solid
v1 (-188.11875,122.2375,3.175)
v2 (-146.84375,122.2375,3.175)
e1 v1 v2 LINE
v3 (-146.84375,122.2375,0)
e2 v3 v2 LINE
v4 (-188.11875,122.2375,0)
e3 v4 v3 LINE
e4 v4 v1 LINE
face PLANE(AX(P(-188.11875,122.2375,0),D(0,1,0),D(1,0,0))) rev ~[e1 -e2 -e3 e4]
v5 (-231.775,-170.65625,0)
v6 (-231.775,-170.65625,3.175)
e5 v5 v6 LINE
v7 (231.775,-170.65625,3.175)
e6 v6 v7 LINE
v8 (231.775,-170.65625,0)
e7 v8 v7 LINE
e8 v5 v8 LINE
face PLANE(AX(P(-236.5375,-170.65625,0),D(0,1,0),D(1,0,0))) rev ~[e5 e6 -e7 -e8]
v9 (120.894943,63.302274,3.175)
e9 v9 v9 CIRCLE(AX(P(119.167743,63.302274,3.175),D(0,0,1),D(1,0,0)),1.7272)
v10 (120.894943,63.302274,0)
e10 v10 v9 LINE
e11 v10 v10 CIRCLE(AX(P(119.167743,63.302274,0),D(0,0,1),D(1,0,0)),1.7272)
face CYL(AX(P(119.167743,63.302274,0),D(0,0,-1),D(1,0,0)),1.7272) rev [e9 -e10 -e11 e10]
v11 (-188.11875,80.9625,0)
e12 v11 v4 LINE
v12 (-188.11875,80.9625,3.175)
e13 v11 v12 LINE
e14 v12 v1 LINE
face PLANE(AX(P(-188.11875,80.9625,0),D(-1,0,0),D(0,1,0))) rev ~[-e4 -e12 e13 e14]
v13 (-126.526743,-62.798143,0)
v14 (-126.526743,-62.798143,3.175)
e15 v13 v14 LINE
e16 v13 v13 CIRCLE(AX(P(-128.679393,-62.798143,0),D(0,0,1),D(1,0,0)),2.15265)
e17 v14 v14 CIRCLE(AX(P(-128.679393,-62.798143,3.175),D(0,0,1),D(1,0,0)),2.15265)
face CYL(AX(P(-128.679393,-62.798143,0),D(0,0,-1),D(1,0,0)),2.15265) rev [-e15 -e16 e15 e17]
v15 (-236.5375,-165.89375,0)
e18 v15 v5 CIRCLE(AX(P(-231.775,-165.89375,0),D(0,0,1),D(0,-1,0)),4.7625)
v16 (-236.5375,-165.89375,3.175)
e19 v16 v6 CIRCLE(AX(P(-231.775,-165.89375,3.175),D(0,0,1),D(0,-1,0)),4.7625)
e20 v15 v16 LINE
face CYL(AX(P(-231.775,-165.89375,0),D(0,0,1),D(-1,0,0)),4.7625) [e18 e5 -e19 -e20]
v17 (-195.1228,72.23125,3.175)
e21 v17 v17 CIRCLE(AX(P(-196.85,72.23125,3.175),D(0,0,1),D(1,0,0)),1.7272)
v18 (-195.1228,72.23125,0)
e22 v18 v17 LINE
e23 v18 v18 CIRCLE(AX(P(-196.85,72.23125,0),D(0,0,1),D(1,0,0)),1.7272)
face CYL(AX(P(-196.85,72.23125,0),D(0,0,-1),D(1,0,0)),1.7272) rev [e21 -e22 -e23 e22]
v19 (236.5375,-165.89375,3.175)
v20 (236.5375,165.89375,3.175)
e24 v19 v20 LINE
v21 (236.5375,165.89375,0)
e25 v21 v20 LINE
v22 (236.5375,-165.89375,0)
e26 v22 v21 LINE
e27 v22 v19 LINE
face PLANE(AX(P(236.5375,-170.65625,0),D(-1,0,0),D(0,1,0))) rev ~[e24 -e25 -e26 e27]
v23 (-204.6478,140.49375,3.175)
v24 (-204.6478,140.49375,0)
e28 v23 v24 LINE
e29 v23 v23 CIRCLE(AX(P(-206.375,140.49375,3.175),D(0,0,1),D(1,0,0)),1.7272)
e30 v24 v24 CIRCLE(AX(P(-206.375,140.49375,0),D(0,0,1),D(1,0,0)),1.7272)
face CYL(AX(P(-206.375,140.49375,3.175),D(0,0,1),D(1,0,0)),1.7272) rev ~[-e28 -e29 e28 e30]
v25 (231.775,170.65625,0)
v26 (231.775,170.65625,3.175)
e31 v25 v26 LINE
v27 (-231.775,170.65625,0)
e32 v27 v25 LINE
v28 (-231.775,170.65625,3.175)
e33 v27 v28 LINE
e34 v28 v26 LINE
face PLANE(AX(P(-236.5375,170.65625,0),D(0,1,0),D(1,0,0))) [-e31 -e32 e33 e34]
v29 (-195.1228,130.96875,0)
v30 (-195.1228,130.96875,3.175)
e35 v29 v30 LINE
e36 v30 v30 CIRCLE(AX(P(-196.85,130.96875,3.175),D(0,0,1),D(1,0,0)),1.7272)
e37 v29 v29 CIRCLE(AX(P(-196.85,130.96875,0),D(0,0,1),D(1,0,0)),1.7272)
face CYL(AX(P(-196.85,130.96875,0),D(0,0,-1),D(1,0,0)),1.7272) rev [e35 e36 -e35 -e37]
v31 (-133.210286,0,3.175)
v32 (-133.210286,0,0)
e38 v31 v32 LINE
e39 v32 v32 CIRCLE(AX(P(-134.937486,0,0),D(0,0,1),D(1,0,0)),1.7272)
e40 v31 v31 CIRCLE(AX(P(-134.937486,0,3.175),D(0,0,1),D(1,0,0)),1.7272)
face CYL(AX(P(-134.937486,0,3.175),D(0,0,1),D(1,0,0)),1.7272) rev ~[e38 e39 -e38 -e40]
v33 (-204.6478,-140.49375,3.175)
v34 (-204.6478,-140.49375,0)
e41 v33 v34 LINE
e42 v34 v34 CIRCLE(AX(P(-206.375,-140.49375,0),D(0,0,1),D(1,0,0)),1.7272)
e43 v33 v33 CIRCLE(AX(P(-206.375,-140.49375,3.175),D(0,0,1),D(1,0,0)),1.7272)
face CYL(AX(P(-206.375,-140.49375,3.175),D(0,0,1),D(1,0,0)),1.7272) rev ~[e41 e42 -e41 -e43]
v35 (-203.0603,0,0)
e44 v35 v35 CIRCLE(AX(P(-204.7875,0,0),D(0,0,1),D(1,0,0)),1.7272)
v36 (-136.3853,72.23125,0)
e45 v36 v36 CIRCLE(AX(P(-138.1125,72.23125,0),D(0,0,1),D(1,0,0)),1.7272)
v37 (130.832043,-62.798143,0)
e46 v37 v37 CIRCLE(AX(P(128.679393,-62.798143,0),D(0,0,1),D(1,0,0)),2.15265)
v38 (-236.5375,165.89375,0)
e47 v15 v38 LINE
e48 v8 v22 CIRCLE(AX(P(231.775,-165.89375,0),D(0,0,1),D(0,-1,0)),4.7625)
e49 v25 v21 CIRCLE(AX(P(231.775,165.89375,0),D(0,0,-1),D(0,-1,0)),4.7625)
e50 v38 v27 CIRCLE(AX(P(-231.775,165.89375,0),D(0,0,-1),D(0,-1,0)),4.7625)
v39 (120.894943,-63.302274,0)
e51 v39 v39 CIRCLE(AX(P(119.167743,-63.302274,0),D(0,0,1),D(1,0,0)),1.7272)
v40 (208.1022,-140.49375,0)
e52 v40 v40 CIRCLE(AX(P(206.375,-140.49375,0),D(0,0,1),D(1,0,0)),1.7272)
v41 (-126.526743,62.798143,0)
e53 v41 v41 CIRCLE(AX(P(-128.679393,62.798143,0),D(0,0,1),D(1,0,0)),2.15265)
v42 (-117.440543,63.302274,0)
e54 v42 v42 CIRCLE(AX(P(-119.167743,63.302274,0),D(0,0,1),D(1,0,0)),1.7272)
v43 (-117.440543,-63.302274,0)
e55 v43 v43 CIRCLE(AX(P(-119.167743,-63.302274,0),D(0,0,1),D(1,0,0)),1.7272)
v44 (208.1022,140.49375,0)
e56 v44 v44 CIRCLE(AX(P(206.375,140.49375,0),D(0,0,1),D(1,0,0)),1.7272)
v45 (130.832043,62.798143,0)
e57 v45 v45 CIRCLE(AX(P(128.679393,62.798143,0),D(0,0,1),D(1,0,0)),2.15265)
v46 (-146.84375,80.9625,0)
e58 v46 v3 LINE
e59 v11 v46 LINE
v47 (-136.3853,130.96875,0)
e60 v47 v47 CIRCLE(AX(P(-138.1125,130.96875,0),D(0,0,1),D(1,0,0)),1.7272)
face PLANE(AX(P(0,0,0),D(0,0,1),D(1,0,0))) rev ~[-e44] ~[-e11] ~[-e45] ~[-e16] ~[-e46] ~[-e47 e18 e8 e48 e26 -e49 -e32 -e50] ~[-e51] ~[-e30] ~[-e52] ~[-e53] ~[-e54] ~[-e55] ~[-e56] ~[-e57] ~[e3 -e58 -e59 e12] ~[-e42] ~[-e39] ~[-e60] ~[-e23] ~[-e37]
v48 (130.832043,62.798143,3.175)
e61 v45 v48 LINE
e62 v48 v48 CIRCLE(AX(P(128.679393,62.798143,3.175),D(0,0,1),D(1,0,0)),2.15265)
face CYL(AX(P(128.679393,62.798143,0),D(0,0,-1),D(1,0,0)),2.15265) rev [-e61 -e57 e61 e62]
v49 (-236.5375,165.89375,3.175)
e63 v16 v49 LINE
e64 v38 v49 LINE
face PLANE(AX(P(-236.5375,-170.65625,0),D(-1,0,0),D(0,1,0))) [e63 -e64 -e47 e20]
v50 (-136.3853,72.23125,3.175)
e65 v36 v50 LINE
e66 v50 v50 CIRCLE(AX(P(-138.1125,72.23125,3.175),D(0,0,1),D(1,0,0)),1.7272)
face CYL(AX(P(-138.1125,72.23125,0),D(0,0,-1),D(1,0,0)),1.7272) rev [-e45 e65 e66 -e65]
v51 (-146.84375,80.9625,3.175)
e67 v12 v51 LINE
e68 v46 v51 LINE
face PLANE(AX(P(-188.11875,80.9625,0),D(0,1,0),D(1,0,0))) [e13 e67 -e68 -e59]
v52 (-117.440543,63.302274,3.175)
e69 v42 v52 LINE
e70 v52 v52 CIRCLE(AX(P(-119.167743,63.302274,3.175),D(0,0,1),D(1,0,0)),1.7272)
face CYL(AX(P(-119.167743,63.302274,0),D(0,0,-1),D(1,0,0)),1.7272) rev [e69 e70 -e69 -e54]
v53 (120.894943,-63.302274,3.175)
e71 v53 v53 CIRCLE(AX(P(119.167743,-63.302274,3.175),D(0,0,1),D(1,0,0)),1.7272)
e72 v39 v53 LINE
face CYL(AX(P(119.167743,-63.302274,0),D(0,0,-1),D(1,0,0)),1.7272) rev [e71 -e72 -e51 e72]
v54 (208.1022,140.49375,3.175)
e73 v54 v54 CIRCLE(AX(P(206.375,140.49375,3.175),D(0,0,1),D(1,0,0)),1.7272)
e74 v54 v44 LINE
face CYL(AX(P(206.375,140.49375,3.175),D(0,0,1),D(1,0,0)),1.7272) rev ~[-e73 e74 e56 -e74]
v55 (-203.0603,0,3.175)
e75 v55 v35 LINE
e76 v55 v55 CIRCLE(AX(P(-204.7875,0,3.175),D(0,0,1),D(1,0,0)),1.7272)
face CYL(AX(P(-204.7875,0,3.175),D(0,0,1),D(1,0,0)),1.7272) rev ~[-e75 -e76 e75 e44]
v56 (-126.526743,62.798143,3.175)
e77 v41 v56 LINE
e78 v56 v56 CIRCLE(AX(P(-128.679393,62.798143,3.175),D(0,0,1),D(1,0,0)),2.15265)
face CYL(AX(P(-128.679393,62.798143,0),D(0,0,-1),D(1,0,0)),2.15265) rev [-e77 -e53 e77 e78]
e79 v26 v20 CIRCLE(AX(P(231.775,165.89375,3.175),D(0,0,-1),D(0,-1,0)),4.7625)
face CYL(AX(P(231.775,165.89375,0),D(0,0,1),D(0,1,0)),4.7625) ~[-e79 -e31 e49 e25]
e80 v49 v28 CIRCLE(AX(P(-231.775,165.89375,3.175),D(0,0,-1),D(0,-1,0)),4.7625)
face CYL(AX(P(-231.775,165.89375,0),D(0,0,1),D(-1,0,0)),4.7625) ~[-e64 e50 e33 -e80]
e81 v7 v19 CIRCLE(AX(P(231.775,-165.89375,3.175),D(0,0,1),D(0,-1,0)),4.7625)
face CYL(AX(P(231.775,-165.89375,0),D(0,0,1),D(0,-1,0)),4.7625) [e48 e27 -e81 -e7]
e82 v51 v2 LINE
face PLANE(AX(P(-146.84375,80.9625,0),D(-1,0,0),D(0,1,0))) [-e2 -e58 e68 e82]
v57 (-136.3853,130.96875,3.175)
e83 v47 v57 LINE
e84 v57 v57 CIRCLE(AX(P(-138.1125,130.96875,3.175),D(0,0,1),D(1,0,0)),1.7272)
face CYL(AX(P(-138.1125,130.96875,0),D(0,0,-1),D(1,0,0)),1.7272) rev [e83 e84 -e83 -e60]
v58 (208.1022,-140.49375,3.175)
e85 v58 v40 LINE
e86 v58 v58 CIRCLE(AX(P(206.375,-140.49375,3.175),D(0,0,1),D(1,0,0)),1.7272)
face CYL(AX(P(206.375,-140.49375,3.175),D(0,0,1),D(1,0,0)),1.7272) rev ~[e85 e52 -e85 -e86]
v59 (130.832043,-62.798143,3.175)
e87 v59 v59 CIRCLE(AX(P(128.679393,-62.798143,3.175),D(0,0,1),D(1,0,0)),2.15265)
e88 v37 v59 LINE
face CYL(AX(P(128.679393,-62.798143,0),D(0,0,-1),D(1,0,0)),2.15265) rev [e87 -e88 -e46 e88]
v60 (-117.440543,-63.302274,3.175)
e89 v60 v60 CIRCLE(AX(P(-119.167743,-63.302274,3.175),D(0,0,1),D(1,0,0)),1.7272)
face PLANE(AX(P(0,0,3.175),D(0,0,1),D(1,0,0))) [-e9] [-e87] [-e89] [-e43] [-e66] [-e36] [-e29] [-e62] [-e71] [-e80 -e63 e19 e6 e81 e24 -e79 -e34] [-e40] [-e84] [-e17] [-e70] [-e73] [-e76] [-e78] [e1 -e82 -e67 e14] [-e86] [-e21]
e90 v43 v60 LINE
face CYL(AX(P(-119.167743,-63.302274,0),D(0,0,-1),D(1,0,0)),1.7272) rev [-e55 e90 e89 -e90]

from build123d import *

# Parameters (mm, degrees)
F0_W     = 473.075
F0_H     = 341.3125
F0_R     = 2.15265
F0_R_2   = 1.7272
F0_W_2   = 41.275
F0_H_2   = 41.275
F1_DEPTH = 3.175
F3_R     = 4.7625
F2_R     = 1.7272
F4_DEPTH = 3.175
F5_R     = 1.7272
F6_DEPTH = 3.175


with BuildPart() as f1:
    # F0 (on Top) → F1 (new body)
    with BuildSketch(Plane.XY):
        Rectangle(F0_W, F0_H)
        with Locations((-128.679393, -62.798143)):
            Circle(F0_R, mode=Mode.SUBTRACT)
        with Locations((-119.167743, -63.302274)):
            Circle(F0_R_2, mode=Mode.SUBTRACT)
        with Locations((119.167743, -63.302274)):
            Circle(F0_R_2, mode=Mode.SUBTRACT)
        with Locations((128.679393, -62.798143)):
            Circle(F0_R, mode=Mode.SUBTRACT)
        with Locations((-196.85, 72.23125)):
            Circle(F0_R_2, mode=Mode.SUBTRACT)
        with Locations((-128.679393, 62.798143)):
            Circle(F0_R, mode=Mode.SUBTRACT)
        with Locations((-119.167743, 63.302274)):
            Circle(F0_R_2, mode=Mode.SUBTRACT)
        with Locations((-138.1125, 72.23125)):
            Circle(F0_R_2, mode=Mode.SUBTRACT)
        with Locations((-167.48125, 101.6)):
            Rectangle(F0_W_2, F0_H_2, mode=Mode.SUBTRACT)
        with Locations((-196.85, 130.96875)):
            Circle(F0_R_2, mode=Mode.SUBTRACT)
        with Locations((-138.1125, 130.96875)):
            Circle(F0_R_2, mode=Mode.SUBTRACT)
        with Locations((119.167743, 63.302274)):
            Circle(F0_R_2, mode=Mode.SUBTRACT)
        with Locations((128.679393, 62.798143)):
            Circle(F0_R, mode=Mode.SUBTRACT)
    extrude(amount=F1_DEPTH)

    # F3
    f3_edges = [f1.edges().sort_by_distance(p)[0] for p in [
        (236.5375, -170.65625, 1.5875),
        (236.5375, 170.65625, 1.5875),
        (-236.5375, 170.65625, 1.5875),
        (-236.5375, -170.65625, 1.5875),
    ]]
    fillet(f3_edges, radius=F3_R)

    # F2 (on face) → F4 (cut, through all)
    with BuildSketch(Plane.XY.offset(3.175)):
        with Locations((-206.375, -140.49375)):
            Circle(F2_R)
        with Locations((-206.375, 140.49375)):
            Circle(F2_R)
        with Locations((206.375, 140.49375)):
            Circle(F2_R)
        with Locations((206.375, -140.49375)):
            Circle(F2_R)
    extrude(amount=-F4_DEPTH, mode=Mode.SUBTRACT)

    # F5 (on face) → F6 (cut, through all)
    with BuildSketch(Plane.XY.offset(3.175)):
        with Locations((-134.937486, 0)):
            Circle(F5_R)
        with Locations((-204.7875, 0)):
            Circle(F5_R)
    extrude(amount=-F6_DEPTH, mode=Mode.SUBTRACT)


solid = f1.part
